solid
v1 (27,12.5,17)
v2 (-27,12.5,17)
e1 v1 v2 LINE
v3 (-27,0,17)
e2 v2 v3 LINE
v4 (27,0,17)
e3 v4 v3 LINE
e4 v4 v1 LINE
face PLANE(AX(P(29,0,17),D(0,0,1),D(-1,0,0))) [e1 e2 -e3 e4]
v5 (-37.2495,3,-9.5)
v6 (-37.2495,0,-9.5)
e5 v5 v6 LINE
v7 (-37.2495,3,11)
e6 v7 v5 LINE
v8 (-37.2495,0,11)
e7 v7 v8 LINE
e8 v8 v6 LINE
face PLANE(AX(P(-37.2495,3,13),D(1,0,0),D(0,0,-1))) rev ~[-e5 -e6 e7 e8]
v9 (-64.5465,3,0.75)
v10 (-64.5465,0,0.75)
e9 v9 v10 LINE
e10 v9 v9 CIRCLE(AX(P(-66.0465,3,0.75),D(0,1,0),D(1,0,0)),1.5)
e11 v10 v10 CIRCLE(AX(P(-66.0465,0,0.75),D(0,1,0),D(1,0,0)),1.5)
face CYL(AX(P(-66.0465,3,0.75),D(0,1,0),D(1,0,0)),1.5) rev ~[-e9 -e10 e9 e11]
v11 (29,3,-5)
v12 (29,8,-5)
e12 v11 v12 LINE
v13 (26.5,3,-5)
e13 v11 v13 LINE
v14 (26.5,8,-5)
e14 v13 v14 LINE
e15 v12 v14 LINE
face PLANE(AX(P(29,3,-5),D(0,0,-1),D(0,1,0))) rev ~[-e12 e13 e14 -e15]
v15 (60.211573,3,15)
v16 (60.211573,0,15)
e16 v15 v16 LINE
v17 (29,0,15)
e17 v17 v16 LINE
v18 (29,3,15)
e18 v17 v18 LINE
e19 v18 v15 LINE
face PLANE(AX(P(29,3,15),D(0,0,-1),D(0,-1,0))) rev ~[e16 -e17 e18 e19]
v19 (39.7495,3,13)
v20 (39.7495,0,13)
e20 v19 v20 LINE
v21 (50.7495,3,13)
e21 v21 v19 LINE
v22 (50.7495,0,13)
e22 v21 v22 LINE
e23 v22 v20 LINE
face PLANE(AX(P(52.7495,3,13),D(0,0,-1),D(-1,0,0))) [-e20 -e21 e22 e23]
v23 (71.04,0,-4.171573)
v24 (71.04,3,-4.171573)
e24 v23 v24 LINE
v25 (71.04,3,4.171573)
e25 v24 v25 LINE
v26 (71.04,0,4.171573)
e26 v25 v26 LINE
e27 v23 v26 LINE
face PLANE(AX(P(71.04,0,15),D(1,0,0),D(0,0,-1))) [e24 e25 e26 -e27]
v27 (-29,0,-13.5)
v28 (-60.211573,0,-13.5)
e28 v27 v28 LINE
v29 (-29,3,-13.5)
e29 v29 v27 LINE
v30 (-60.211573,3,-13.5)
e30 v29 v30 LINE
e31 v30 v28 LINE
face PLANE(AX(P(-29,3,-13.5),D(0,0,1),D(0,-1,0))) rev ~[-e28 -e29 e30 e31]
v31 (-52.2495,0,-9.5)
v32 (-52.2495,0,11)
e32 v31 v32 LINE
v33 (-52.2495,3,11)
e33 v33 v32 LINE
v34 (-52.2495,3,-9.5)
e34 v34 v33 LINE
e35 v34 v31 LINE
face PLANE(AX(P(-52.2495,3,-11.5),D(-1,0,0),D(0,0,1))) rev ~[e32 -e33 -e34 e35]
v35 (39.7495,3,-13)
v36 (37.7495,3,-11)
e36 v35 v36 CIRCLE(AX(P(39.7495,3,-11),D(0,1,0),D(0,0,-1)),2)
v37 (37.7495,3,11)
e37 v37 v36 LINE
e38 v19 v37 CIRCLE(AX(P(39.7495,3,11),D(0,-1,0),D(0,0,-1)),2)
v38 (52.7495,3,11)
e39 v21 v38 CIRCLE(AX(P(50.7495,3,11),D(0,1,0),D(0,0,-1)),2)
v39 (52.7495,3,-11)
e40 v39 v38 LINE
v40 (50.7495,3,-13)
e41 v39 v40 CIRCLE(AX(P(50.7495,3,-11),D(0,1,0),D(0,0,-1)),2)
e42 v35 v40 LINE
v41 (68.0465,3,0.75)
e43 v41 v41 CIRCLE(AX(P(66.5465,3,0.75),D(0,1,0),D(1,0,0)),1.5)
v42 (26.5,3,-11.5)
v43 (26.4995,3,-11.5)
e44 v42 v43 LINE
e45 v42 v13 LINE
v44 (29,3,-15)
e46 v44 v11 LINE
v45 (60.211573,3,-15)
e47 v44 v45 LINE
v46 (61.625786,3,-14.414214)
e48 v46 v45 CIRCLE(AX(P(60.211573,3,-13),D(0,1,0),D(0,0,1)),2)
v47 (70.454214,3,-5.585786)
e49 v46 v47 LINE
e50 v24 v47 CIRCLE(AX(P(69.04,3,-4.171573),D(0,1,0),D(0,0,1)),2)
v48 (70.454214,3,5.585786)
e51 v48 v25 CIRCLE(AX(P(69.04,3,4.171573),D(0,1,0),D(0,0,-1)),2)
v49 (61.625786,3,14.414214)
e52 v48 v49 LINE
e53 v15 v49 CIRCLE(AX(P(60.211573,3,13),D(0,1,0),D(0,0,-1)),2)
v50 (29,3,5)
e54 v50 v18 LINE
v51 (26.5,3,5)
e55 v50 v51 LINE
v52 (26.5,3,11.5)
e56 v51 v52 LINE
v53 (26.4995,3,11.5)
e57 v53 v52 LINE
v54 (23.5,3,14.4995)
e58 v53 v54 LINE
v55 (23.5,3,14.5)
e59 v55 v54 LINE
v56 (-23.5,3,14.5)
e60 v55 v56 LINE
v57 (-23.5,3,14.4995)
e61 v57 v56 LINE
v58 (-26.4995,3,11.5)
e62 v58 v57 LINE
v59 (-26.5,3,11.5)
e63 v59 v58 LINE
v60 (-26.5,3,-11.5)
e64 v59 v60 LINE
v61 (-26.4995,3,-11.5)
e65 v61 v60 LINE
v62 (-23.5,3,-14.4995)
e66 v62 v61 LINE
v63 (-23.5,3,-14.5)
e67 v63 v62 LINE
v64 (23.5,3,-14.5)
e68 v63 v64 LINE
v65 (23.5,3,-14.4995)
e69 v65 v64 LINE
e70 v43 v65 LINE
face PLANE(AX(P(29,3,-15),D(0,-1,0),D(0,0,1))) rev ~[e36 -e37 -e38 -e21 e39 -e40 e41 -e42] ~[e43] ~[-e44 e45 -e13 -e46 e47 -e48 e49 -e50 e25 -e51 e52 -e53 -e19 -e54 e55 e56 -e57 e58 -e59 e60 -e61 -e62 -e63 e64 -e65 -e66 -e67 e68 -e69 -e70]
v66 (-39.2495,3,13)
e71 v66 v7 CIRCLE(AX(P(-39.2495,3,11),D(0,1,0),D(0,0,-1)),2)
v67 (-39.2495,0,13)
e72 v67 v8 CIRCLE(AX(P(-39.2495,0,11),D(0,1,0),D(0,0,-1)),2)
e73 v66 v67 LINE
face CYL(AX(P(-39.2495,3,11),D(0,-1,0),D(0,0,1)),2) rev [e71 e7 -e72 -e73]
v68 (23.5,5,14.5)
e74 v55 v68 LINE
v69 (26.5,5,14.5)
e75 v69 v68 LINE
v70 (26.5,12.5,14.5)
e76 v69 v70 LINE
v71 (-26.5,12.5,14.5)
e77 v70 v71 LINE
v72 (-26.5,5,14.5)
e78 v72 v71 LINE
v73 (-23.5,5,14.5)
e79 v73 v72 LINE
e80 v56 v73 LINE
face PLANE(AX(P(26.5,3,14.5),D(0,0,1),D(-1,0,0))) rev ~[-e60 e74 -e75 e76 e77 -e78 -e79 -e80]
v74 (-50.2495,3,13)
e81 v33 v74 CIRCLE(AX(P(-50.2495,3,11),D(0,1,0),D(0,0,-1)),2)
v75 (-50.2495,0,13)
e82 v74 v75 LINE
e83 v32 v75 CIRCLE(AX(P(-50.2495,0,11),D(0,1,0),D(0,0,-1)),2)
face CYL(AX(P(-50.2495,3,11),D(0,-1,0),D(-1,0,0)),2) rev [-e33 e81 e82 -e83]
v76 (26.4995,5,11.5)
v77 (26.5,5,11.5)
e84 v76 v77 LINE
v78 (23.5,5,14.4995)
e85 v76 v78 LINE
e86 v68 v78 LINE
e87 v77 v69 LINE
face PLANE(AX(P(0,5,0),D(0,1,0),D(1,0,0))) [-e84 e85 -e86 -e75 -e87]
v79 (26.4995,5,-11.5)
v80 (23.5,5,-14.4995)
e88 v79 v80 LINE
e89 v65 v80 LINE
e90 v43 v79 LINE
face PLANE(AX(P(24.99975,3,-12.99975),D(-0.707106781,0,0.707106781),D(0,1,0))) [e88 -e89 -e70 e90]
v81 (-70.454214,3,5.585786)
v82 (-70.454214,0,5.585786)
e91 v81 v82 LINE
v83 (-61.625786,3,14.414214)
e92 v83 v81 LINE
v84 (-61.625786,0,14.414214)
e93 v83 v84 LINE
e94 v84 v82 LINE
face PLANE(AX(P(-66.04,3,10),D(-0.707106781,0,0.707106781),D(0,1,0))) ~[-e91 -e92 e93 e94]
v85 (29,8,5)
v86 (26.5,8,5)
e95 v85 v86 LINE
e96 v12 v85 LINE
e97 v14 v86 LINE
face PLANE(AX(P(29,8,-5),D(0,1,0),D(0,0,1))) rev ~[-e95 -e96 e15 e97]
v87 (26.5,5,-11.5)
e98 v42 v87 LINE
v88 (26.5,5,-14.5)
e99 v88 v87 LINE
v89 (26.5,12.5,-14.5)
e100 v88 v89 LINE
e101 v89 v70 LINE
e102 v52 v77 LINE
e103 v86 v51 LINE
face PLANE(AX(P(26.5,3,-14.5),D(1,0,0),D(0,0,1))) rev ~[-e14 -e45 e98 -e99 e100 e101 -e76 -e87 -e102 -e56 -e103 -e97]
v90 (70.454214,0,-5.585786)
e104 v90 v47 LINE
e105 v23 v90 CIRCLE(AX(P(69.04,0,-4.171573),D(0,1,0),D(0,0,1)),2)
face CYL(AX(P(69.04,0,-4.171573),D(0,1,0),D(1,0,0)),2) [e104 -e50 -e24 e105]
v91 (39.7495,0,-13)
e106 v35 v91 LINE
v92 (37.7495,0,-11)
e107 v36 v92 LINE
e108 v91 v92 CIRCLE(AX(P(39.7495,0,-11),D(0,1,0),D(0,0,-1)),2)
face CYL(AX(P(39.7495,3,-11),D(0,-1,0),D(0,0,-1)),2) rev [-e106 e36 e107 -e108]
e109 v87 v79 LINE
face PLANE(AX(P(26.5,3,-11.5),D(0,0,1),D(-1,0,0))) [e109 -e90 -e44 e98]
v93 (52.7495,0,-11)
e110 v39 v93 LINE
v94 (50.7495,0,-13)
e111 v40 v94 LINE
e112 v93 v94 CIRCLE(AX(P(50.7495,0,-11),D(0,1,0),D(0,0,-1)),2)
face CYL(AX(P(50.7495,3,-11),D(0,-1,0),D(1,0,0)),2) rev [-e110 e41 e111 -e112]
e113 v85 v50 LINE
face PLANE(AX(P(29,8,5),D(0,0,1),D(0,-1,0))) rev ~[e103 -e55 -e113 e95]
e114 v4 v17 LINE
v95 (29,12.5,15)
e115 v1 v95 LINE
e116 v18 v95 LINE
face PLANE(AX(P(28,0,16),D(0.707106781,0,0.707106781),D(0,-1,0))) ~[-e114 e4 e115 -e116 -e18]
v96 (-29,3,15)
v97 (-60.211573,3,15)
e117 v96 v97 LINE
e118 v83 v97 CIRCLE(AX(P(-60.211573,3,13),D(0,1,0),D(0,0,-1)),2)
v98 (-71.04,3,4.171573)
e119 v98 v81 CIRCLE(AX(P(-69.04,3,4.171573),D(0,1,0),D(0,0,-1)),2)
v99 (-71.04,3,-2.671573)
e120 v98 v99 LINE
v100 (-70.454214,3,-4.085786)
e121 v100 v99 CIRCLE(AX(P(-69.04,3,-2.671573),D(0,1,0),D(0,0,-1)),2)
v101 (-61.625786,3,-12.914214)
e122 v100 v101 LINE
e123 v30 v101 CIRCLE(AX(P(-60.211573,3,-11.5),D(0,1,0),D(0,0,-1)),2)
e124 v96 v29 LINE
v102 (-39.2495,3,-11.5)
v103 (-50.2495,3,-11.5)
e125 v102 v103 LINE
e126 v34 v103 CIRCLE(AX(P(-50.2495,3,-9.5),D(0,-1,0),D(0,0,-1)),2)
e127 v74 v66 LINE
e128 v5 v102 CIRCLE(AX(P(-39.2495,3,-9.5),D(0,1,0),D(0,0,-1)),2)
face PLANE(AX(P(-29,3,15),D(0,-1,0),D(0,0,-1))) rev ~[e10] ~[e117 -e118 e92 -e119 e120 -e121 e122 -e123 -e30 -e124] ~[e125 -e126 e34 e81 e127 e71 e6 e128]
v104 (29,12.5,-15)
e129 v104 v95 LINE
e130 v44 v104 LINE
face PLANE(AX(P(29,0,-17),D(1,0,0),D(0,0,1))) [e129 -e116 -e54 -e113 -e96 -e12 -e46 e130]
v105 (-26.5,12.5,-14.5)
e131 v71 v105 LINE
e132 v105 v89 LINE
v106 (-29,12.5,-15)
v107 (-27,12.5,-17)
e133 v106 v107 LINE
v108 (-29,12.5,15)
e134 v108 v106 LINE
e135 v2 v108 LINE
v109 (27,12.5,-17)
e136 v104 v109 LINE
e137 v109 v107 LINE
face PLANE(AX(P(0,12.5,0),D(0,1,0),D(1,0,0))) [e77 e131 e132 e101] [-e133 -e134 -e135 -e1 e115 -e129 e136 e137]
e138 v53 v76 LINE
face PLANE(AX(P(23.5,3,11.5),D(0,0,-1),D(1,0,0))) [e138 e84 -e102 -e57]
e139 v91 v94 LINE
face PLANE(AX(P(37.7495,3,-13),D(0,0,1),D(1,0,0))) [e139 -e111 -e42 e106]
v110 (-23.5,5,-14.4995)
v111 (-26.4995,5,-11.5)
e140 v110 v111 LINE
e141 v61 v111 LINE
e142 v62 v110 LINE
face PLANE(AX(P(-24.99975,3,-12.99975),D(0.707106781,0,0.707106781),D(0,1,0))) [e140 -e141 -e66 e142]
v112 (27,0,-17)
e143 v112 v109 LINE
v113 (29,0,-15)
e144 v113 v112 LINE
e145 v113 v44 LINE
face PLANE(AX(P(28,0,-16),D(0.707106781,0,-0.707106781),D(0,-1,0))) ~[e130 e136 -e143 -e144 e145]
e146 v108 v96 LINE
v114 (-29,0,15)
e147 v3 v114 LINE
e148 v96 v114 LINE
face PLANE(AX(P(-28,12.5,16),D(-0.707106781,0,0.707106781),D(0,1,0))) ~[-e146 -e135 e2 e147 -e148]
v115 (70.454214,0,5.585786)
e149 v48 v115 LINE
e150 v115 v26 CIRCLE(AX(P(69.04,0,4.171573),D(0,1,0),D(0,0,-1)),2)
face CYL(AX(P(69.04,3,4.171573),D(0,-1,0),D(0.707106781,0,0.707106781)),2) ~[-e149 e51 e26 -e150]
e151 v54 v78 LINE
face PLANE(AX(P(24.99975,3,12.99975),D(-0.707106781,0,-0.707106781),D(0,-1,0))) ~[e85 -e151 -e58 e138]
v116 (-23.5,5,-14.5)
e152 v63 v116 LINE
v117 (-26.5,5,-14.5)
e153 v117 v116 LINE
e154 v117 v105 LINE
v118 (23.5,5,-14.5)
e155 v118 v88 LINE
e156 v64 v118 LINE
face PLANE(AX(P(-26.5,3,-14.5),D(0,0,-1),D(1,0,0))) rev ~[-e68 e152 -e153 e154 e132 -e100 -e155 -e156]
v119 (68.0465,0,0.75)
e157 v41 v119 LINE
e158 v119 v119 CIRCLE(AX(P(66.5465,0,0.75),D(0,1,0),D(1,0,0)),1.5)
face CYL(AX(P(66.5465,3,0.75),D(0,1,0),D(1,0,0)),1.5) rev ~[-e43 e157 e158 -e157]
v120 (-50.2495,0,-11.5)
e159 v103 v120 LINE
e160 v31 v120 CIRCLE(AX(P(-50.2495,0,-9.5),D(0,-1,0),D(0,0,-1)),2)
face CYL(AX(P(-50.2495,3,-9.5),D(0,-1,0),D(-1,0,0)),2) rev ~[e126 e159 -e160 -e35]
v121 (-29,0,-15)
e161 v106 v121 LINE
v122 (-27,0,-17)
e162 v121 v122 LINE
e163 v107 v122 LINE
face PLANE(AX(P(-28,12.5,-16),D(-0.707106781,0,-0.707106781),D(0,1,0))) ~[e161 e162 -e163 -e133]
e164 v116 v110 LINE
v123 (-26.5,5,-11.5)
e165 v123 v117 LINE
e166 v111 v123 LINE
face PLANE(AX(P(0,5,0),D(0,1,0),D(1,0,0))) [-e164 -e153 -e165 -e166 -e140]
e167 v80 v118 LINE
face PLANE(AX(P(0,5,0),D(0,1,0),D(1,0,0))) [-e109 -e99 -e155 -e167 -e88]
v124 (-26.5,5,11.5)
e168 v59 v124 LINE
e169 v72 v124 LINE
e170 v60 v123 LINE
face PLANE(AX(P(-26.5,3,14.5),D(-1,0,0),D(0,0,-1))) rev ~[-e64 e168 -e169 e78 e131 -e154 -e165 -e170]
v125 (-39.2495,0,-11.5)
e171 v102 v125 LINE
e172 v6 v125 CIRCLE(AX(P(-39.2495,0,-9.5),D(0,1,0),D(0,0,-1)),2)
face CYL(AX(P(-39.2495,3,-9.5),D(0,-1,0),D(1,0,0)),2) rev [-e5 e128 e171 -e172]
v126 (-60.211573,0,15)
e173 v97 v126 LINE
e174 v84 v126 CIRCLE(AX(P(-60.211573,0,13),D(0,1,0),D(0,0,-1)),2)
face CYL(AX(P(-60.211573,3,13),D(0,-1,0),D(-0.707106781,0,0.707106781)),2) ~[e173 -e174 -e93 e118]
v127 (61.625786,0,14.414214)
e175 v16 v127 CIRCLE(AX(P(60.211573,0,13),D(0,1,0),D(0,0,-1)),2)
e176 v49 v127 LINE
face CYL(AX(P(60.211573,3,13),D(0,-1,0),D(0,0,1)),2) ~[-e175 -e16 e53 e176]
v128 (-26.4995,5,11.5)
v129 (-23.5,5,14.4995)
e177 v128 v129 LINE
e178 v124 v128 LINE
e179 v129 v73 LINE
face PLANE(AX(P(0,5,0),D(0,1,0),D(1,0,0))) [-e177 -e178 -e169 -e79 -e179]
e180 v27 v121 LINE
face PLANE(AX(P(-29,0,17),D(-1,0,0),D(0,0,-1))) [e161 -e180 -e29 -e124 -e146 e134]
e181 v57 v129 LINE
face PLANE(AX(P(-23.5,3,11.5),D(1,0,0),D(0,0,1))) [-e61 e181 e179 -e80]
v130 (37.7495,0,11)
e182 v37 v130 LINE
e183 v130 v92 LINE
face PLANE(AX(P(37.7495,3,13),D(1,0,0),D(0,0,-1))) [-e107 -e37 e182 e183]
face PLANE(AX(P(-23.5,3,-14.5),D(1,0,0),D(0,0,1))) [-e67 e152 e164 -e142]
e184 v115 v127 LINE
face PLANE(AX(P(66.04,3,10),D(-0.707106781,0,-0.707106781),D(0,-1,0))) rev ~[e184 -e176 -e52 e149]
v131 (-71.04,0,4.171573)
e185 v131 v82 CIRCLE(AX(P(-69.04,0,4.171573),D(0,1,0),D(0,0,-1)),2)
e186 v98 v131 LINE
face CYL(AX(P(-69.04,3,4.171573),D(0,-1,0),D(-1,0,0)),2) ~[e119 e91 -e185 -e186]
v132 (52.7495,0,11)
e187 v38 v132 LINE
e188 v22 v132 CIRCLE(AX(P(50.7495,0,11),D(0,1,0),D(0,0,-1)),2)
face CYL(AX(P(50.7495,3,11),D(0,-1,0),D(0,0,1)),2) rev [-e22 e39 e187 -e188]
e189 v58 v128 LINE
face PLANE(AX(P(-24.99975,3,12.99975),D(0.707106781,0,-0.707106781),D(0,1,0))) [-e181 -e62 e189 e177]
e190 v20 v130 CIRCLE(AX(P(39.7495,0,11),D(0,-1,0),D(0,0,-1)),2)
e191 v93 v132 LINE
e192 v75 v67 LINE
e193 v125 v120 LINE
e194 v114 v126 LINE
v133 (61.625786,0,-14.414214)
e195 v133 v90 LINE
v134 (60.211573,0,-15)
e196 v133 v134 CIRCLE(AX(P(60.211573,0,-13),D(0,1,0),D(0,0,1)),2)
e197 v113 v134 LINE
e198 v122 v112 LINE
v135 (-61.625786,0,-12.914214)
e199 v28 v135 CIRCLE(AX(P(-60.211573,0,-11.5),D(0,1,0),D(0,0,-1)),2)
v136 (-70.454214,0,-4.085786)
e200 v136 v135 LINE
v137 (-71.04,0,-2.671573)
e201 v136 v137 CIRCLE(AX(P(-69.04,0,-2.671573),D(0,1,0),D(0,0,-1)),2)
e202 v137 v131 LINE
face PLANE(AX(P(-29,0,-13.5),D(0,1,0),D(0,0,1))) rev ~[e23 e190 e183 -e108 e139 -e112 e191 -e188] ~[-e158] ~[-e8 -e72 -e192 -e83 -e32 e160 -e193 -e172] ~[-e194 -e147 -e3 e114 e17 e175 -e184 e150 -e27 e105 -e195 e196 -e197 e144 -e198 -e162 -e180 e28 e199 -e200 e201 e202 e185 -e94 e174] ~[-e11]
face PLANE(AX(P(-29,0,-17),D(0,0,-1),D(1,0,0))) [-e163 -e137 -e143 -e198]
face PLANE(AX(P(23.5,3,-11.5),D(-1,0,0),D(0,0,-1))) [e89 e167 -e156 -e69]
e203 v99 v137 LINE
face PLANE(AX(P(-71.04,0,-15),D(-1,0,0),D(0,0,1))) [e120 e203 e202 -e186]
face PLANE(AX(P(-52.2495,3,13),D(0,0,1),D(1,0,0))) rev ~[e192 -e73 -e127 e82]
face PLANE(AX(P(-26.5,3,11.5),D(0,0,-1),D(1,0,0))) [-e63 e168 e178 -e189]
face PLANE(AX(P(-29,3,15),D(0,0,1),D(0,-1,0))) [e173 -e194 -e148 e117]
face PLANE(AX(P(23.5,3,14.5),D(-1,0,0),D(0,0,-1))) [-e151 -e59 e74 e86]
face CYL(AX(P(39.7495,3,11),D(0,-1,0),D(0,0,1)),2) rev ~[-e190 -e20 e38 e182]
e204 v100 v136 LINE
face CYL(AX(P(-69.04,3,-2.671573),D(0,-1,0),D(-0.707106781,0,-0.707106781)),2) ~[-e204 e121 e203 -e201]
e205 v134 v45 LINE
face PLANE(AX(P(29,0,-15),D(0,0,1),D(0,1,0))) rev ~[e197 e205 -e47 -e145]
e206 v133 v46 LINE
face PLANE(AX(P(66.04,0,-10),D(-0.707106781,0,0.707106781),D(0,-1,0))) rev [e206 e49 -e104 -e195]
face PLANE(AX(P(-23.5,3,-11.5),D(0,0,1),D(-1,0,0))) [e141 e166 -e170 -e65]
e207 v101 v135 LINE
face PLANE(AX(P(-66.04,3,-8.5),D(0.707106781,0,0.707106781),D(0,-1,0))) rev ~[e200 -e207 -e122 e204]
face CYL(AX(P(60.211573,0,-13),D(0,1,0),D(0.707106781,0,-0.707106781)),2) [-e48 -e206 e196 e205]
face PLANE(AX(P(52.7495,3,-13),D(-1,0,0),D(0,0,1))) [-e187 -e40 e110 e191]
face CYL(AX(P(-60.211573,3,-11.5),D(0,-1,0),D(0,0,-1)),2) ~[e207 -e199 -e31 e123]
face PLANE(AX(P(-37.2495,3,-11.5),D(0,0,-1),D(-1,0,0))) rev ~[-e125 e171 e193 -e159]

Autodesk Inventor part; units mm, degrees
ref_plane "YZ Plane" through (0, 0, 0) normal (1, 0, 0) x (0, 1, 0)
ref_plane "XZ Plane" through (0, 0, 0) normal (0, 1, 0) x (-1, 0, 0)
ref_plane "XY Plane" through (0, 0, 0) normal (0, 0, 1) x (1, 0, 0)
sketch "Esboço1" plane through (0, 0, 0) normal (0, 1, 0) x (-1, 0, 0)
  line L0 (-29, 17) -> (29, 17)
  line L1 (29, 17) -> (29, -17)
  line L2 (29, -17) -> (-29, -17)
  line L3 (-29, -17) -> (-29, 17)
  line L4 (-29, 17) -> (29, -17) construction
  line L5 (29, 17) -> (-29, -17) construction
  point P0 (0, 0)
  point P1 (0.0565, -0.0161)
  dimension "d0" = 58
  dimension "d1" = 34
extrude "Extrusão1" add sketch "Esboço1" along normal blind 3
sketch "Esboço2" plane through (0, 3, 0) normal (0, 1, 0) x (1, 0, 0)
  line L0 (26.5, -14.5) -> (-26.5, -14.5)
  line L1 (-26.5, -14.5) -> (-26.5, 14.5)
  line L2 (-26.5, 14.5) -> (26.5, 14.5)
  line L3 (26.5, 14.5) -> (26.5, -14.5)
  line L4 (26.5, -14.5) -> (-26.5, 14.5) construction
  line L5 (-26.5, -14.5) -> (26.5, 14.5) construction
  line L6 (29, 17) -> (-29, 17) projected
  line L7 (29, -17) -> (-29, -17)
  line L8 (-29, -17) -> (-29, 17)
  line L9 (-29, 17) -> (29, 17)
  line L10 (29, 17) -> (29, -17)
  line L11 (29, -17) -> (-29, 17) construction
  line L12 (-29, -17) -> (29, 17) construction
  point P0 (0, 0)
  dimension "d4" = 53
  dimension "d5" = 29
extrude "Extrusão2" add sketch "Esboço2" along normal blind 9.5
sketch "Esboço3" plane through (0, 3, 0) normal (0, 1, 0) x (1, 0, 0)
  line L0 (-26.5, 14.5) -> (26.5, 14.5) projected
  line L1 (-26.5, -14.5) -> (-26.5, 14.5) projected
  line L2 (26.5, 14.5) -> (26.5, -14.5) projected
  line L3 (26.5, -14.5) -> (-26.5, -14.5) projected
  line L4 (-23.5, -14.5) -> (-26.5, -14.5)
  line L5 (-26.5, -14.5) -> (-26.5, -11.5)
  line L6 (-26.5, -11.5) -> (-23.5, -11.5)
  line L7 (-23.5, -11.5) -> (-23.5, -14.5)
  line L8 (-23.5, -14.5) -> (-26.5, -11.5) construction
  line L9 (-26.5, -14.5) -> (-23.5, -11.5) construction
  line L10 (-23.5, 11.5) -> (-26.5, 11.5)
  line L11 (-26.5, 11.5) -> (-26.5, 14.5)
  line L12 (-26.5, 14.5) -> (-23.5, 14.5)
  line L13 (-23.5, 14.5) -> (-23.5, 11.5)
  line L14 (-23.5, 11.5) -> (-26.5, 14.5) construction
  line L15 (-26.5, 11.5) -> (-23.5, 14.5) construction
  line L16 (26.5, -14.5) -> (23.5, -14.5)
  line L17 (23.5, -14.5) -> (23.5, -11.5)
  line L18 (23.5, -11.5) -> (26.5, -11.5)
  line L19 (26.5, -11.5) -> (26.5, -14.5)
  line L20 (26.5, -14.5) -> (23.5, -11.5) construction
  line L21 (23.5, -14.5) -> (26.5, -11.5) construction
  line L22 (26.5, 11.5) -> (23.5, 11.5)
  line L23 (23.5, 11.5) -> (23.5, 14.5)
  line L24 (23.5, 14.5) -> (26.5, 14.5)
  line L25 (26.5, 14.5) -> (26.5, 11.5)
  line L26 (26.5, 11.5) -> (23.5, 14.5) construction
  line L27 (23.5, 11.5) -> (26.5, 14.5) construction
  point P0 (0, 0)
  point P1 (-13.75, -16.75)
  point P2 (-13.75, 16.75)
  point P3 (13.75, 16.75)
  point P4 (13.75, -16.75)
  point P5 (-26.5, -13)
  dimension "d66" = 3
  dimension "d67" = 3
  dimension "d68" = 3
  dimension "d69" = 3
  dimension "d70" = 3
  dimension "d71" = 3
  dimension "d72" = 3
  dimension "d73" = 3
  dimension "d74" = 0
  dimension "d75" = 0
  dimension "d76" = 0
  dimension "d77" = 0
  dimension "d78" = 0
  dimension "d79" = 0
  dimension "d80" = 0
  dimension "d81" = 0
extrude "Extrusão3" add sketch "Esboço3" along normal blind 2 contours L0 L13 L10 L1 | L0 L2 L22 L23 | L6 L7 L3 L1 | L2 L3 L17 L18
chamfer "Chanfro1" distance 2 angle 45 4 edges at (29, 6.25, 17) (-29, 6.25, 17) (-29, 6.25, -17) (29, 6.25, -17)
sketch "Esboço7" plane through (29, 0, 15) normal (1, 0, 0) x (0, 0, -1)
  line L0 (30, 0) -> (0, 0) projected
  line L1 (0, 0) -> (30, 0)
  line L2 (30, 0) -> (30, 3)
  line L3 (30, 3) -> (0, 3)
  line L4 (0, 3) -> (0, 0)
  line L5 (30, 12.5) -> (30, 0) projected
  line L6 (0, 0) -> (0, 12.5) projected
  point P0 (15, 0)
  point P1 (15, 0)
  point P2 (15, 3)
  dimension "d36" = 3
  dimension "d42" = 0
  dimension "d43" = 0
extrude "Extrusão6" add sketch "Esboço7" along normal blind 42.04
sketch "Esboço9" plane through (-29, 0, -15) normal (-1, 0, 0) x (0, 0, 1)
  line L0 (30, 12.5) -> (30, 0) projected
  line L1 (1.5, 0) -> (30, 0)
  line L2 (30, 0) -> (30, 3)
  line L3 (30, 3) -> (1.5, 3)
  line L4 (1.5, 3) -> (1.5, 0)
  point P0 (15, 0)
  dimension "d59" = 3
extrude "Extrusão8" add sketch "Esboço9" along normal blind 42.04
sketch "Esboço8" plane through (29, 3, 15) normal (0, 1, 0) x (1, 0, 0)
  circle A0 centre (37.5465, 14.25) radius 1.5
  line L0 (0, 0) -> (0, 30) projected
  line L1 (23.7495, 2) -> (8.7495, 2)
  line L2 (8.7495, 2) -> (8.7495, 28)
  line L3 (8.7495, 28) -> (23.7495, 28)
  line L4 (23.7495, 28) -> (23.7495, 2)
  line L5 (0, 0) -> (42.04, 0) projected
  line L6 (0, 30) -> (42.04, 30) projected
  line L7 (-2, 32) -> (-56, 32) projected
  line L8 (-56, -2) -> (-2, -2) projected
  circle A1 centre (-95.0465, 14.25) radius 1.5
  line L9 (-81.2495, 2) -> (-66.2495, 2)
  line L10 (-66.2495, 2) -> (-66.2495, 26.5)
  line L11 (-66.2495, 26.5) -> (-81.2495, 26.5)
  line L12 (-81.2495, 26.5) -> (-81.2495, 2)
  point P0 (-29, 15)
  point P1 (23.7495, 15)
  point P2 (-81.2495, 14.25)
  dimension "d44" = 3
  dimension "d47" = 13.797
  dimension "d53" = 2
  dimension "d54" = 2
  dimension "d55" = 15
extrude "Extrusão7" cut sketch "Esboço8" against normal blind 42.04
chamfer "Chanfro2" distance 10 angle 45 4 edges at (71.04, 1.5, -15) (71.04, 1.5, 15) (-71.04, 1.5, -13.5) (-71.04, 1.5, 15)
sketch "Esboço10" plane through (29, 12.5, 15) normal (1, 0, 0) x (0, 0, -1)
  line L0 (0, -9.5) -> (30, -9.5) projected
  line L1 (30, 0) -> (30, -9.5) projected
  line L2 (0, 0) -> (30, 0) projected
  line L3 (0, -9.5) -> (0, 0) projected
  line L4 (10, -12.5) -> (10, -9.5) projected
  line L5 (10, -12.5) -> (20, -12.5) projected
  line L6 (20, -9.5) -> (20, -12.5) projected
  line L7 (20, -9.5) -> (10, -9.5) projected
  line L8 (5, -9.5) -> (20, -9.5)
  line L9 (20, -9.5) -> (20, -4.5)
  line L10 (20, -4.5) -> (10, -4.5)
  line L11 (10, -4.5) -> (10, -9.5)
  point P0 (15, -12.5)
  point P1 (20, -9.5)
  point P2 (15, 0)
  point P3 (15, -4.5)
  dimension "d82" = 10
  dimension "d83" = 0
  dimension "d84" = 4.5
  dimension "d85" = 0
  dimension "d86" = 5
extrude "Extrusão9" cut sketch "Esboço10" against normal blind 10 contours L11 L10 L9 L0
chamfer "Chanfro3" distance 3 angle 45 4 edges at (-23.5, 4, 11.5) (-23.5, 4, -11.5) (23.5, 4, -11.5) (23.5, 4, 11.5)
fillet "Arredondamento1" radius 2 8 edges at (-37.2495, 1.5, -11.5) (-37.2495, 1.5, 13) (-52.2495, 1.5, -11.5) (-52.2495, 1.5, 13) (37.7495, 1.5, -13) (37.7495, 1.5, 13) (52.7495, 1.5, -13) (52.7495, 1.5, 13)
fillet "Arredondamento2" radius 2 8 edges at (71.04, 1.5, -5) (71.04, 1.5, 5) (61.04, 1.5, -15) (61.04, 1.5, 15) (-61.04, 1.5, -13.5) (-71.04, 1.5, -3.5) (-71.04, 1.5, 5) (-61.04, 1.5, 15)
properties part number "espbase"
